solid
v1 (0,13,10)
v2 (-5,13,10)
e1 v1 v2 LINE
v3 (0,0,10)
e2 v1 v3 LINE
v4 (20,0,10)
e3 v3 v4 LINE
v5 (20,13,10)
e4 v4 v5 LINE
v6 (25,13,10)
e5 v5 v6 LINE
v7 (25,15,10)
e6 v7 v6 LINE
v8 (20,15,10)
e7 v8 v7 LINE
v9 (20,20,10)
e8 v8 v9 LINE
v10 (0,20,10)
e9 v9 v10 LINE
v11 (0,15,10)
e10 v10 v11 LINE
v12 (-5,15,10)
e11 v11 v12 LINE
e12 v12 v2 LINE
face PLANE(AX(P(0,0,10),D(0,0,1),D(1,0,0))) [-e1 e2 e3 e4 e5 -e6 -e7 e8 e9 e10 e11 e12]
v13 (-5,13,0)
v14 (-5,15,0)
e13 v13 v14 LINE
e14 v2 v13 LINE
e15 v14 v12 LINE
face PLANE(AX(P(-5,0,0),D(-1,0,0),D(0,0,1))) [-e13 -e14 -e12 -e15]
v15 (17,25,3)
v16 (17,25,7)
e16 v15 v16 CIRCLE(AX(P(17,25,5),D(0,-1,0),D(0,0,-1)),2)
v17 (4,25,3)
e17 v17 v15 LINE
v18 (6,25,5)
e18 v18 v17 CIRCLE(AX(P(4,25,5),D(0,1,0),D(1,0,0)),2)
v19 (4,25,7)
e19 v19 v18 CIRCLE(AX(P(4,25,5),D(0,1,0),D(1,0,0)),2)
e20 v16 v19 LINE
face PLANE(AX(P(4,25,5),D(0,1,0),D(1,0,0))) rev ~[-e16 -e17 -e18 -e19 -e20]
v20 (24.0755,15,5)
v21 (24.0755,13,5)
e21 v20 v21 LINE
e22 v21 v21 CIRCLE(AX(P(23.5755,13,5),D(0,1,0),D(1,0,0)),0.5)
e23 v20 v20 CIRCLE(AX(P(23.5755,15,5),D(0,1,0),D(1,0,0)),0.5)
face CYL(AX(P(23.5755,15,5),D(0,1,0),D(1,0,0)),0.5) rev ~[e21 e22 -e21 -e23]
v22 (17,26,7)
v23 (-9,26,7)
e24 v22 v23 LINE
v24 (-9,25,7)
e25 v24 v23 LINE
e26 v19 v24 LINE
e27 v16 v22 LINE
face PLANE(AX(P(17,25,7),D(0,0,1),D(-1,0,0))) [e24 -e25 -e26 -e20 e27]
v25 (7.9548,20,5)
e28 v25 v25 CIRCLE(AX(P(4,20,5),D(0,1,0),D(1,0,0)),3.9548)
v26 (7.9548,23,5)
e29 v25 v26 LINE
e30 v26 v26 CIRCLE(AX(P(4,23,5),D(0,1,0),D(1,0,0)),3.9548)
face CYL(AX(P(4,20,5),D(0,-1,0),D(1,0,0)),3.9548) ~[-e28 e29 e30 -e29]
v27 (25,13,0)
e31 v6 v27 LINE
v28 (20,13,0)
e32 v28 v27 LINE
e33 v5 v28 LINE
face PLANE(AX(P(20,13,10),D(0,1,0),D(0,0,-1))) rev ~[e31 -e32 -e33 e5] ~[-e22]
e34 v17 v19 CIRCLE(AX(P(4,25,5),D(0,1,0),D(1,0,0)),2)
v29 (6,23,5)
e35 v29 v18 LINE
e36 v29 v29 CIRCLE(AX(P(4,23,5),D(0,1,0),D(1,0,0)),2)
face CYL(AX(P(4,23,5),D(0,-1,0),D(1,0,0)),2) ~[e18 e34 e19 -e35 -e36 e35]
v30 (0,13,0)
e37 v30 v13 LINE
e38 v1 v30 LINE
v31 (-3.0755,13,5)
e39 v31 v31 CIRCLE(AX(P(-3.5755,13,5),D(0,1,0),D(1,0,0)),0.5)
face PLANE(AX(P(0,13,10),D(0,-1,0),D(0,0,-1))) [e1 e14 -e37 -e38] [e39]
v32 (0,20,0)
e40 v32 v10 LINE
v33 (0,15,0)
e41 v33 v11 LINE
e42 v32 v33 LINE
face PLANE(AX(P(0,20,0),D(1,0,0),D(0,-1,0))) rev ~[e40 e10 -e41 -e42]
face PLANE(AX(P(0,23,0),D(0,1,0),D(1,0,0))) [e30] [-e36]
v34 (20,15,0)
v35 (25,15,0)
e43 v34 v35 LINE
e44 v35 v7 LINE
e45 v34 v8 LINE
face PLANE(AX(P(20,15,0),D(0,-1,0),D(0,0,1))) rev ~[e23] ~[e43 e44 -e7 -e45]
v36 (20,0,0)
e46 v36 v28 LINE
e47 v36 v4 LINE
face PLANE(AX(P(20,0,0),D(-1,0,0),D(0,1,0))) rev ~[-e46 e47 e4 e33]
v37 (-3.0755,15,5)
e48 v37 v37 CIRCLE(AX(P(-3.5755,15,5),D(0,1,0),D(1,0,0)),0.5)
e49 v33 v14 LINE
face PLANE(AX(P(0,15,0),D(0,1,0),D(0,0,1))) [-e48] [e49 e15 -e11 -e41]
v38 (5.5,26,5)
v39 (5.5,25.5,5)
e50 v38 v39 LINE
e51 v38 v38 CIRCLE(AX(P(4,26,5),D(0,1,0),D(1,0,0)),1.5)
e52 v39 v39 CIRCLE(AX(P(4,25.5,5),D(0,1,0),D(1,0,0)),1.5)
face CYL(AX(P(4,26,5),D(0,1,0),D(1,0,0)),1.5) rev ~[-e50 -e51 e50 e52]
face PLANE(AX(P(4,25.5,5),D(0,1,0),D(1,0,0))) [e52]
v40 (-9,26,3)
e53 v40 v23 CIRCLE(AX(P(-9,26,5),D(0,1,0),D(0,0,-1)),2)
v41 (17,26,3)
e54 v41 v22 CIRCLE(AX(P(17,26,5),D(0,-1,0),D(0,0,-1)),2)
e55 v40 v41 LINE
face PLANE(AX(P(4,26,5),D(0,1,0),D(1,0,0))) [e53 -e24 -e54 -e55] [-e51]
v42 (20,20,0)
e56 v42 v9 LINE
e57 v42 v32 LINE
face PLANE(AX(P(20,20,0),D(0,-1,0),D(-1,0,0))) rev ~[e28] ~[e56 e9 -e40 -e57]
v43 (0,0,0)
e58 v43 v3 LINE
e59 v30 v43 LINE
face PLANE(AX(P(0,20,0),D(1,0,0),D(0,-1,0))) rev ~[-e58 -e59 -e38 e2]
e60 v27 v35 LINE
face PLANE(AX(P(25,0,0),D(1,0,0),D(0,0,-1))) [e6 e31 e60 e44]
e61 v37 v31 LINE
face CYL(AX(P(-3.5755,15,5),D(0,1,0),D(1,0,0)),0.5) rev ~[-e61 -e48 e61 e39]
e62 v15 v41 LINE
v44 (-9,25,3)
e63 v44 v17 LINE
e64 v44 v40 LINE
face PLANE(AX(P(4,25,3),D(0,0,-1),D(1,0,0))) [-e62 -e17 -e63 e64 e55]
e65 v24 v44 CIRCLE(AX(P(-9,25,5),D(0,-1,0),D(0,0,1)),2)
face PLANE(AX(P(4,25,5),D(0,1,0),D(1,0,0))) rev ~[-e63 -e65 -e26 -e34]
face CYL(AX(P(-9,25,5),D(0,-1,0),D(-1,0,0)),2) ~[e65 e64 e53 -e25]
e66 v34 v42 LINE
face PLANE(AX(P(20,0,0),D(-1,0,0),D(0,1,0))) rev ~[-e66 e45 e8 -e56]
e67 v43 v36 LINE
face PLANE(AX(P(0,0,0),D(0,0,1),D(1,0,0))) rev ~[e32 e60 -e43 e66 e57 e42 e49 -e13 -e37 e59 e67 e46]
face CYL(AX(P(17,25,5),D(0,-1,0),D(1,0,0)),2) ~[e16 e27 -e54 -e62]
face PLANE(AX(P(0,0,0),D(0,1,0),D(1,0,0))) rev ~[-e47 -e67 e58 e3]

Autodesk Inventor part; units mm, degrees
ref_plane "YZ Plane" through (0, 0, 0) normal (1, 0, 0) x (0, 1, 0)
ref_plane "XZ Plane" through (0, 0, 0) normal (0, 1, 0) x (-1, 0, 0)
ref_plane "XY Plane" through (0, 0, 0) normal (0, 0, 1) x (1, 0, 0)
sketch "Sketch1" plane through (0, 0, 0) normal (0, 0, 1) x (1, 0, 0)
  line L0 (0, 0) -> (20, 0)
  line L1 (20, 0) -> (20, 20)
  line L2 (20, 20) -> (0, 20)
  line L3 (0, 20) -> (0, 0)
  dimension "d0" = 20
  dimension "d1" = 20
extrude "Extrusion1" add sketch "Sketch1" along normal blind 10
sketch "Sketch2" plane through (20, 0, 0) normal (1, 0, 0) x (0, 0, -1)
  line L0 (0, 0) -> (0, 20) projected
  line L1 (0, 15) -> (-10, 15)
  line L2 (-10, 15) -> (-10, 13)
  line L3 (-10, 13) -> (0, 13)
  line L4 (0, 13) -> (0, 15)
  dimension "d4" = 10
  dimension "d5" = 2
extrude "Extrusion2" add sketch "Sketch2" along normal blind 5
sketch "Sketch3" plane through (0, 0, 0) normal (-1, 0, 0) x (0, 0, 1)
  line L0 (10, 15) -> (10, 13) projected
  line L1 (0, 15) -> (10, 15)
  line L2 (10, 15) -> (10, 13)
  line L3 (10, 13) -> (0, 13)
  line L4 (0, 13) -> (0, 15)
  point P0 (0, 0)
  dimension "d8" = 2
extrude "Extrusion3" add sketch "Sketch3" along normal blind 5
sketch "Sketch4" plane through (20, 15, 10) normal (0, 1, 0) x (1, 0, 0)
  circle A0 centre (-23.5755, 5) radius 0.5
  line L0 (0, 10) -> (-20, 10) projected
  line L1 (-10, 10) -> (-10, 0.1248)
  line L2 (-10, 0.1248) -> (-10, 10)
  circle A1 centre (3.5755, 5) radius 0.5
  dimension "d11" = 1
extrude "Extrusion4" cut sketch "Sketch4" against normal through all
sketch "Sketch5" plane through (0, 20, 0) normal (0, 1, 0) x (1, 0, 0)
  circle A0 centre (4, -5) radius 3.9548
  point P0 (0, 0)
extrude "Extrusion5" add sketch "Sketch5" along normal blind 3
sketch "Sketch6" plane through (4, 23, 5) normal (0, 1, 0) x (1, 0, 0)
  circle A0 centre (0, 0) radius 2
  point P0 (-4, 5)
  dimension "d16" = 4
extrude "Extrusion6" add sketch "Sketch6" along normal blind 2
sketch "Sketch7" plane through (4, 25, 5) normal (0, 1, 0) x (1, 0, 0)
  circle A0 centre (0, 0) radius 2 projected
  line L0 (0, 2) -> (13, 2)
  line L1 (15, 0) -> (15, 0)
  line L2 (13, -2) -> (0, -2)
  line L3 (0, -2) -> (0, 2)
  line L4 (0, 2) -> (-13, 2)
  line L5 (-15, 0) -> (-15, 0)
  line L6 (-13, -2) -> (0, -2)
  line L7 (0, -2) -> (0, 2)
  arc A1 (-13, 2) -> (-15, 0) centre (-13, 0) ccw
  arc A2 (-15, 0) -> (-13, -2) centre (-13, 0) ccw
  arc A3 (13, -2) -> (15, 0) centre (13, 0) ccw
  arc A4 (15, 0) -> (13, 2) centre (13, 0) ccw
  point P0 (-4, 5)
  point P1 (15, -2)
  point P2 (-15, -2)
  point P3 (0, -2)
  point P4 (15, 0)
  dimension "d19" = 15
  dimension "d20" = 15
  dimension "d21" = 2
extrude "Extrusion7" add sketch "Sketch7" along normal blind 1
sketch "Sketch8" plane through (4, 26, 5) normal (0, 1, 0) x (1, 0, 0)
  circle A0 centre (0, 0) radius 1.5
  point P0 (-4, 5)
  dimension "d24" = 3
extrude "Extrusion8" cut sketch "Sketch8" against normal blind 0.5
properties part number "servo"
